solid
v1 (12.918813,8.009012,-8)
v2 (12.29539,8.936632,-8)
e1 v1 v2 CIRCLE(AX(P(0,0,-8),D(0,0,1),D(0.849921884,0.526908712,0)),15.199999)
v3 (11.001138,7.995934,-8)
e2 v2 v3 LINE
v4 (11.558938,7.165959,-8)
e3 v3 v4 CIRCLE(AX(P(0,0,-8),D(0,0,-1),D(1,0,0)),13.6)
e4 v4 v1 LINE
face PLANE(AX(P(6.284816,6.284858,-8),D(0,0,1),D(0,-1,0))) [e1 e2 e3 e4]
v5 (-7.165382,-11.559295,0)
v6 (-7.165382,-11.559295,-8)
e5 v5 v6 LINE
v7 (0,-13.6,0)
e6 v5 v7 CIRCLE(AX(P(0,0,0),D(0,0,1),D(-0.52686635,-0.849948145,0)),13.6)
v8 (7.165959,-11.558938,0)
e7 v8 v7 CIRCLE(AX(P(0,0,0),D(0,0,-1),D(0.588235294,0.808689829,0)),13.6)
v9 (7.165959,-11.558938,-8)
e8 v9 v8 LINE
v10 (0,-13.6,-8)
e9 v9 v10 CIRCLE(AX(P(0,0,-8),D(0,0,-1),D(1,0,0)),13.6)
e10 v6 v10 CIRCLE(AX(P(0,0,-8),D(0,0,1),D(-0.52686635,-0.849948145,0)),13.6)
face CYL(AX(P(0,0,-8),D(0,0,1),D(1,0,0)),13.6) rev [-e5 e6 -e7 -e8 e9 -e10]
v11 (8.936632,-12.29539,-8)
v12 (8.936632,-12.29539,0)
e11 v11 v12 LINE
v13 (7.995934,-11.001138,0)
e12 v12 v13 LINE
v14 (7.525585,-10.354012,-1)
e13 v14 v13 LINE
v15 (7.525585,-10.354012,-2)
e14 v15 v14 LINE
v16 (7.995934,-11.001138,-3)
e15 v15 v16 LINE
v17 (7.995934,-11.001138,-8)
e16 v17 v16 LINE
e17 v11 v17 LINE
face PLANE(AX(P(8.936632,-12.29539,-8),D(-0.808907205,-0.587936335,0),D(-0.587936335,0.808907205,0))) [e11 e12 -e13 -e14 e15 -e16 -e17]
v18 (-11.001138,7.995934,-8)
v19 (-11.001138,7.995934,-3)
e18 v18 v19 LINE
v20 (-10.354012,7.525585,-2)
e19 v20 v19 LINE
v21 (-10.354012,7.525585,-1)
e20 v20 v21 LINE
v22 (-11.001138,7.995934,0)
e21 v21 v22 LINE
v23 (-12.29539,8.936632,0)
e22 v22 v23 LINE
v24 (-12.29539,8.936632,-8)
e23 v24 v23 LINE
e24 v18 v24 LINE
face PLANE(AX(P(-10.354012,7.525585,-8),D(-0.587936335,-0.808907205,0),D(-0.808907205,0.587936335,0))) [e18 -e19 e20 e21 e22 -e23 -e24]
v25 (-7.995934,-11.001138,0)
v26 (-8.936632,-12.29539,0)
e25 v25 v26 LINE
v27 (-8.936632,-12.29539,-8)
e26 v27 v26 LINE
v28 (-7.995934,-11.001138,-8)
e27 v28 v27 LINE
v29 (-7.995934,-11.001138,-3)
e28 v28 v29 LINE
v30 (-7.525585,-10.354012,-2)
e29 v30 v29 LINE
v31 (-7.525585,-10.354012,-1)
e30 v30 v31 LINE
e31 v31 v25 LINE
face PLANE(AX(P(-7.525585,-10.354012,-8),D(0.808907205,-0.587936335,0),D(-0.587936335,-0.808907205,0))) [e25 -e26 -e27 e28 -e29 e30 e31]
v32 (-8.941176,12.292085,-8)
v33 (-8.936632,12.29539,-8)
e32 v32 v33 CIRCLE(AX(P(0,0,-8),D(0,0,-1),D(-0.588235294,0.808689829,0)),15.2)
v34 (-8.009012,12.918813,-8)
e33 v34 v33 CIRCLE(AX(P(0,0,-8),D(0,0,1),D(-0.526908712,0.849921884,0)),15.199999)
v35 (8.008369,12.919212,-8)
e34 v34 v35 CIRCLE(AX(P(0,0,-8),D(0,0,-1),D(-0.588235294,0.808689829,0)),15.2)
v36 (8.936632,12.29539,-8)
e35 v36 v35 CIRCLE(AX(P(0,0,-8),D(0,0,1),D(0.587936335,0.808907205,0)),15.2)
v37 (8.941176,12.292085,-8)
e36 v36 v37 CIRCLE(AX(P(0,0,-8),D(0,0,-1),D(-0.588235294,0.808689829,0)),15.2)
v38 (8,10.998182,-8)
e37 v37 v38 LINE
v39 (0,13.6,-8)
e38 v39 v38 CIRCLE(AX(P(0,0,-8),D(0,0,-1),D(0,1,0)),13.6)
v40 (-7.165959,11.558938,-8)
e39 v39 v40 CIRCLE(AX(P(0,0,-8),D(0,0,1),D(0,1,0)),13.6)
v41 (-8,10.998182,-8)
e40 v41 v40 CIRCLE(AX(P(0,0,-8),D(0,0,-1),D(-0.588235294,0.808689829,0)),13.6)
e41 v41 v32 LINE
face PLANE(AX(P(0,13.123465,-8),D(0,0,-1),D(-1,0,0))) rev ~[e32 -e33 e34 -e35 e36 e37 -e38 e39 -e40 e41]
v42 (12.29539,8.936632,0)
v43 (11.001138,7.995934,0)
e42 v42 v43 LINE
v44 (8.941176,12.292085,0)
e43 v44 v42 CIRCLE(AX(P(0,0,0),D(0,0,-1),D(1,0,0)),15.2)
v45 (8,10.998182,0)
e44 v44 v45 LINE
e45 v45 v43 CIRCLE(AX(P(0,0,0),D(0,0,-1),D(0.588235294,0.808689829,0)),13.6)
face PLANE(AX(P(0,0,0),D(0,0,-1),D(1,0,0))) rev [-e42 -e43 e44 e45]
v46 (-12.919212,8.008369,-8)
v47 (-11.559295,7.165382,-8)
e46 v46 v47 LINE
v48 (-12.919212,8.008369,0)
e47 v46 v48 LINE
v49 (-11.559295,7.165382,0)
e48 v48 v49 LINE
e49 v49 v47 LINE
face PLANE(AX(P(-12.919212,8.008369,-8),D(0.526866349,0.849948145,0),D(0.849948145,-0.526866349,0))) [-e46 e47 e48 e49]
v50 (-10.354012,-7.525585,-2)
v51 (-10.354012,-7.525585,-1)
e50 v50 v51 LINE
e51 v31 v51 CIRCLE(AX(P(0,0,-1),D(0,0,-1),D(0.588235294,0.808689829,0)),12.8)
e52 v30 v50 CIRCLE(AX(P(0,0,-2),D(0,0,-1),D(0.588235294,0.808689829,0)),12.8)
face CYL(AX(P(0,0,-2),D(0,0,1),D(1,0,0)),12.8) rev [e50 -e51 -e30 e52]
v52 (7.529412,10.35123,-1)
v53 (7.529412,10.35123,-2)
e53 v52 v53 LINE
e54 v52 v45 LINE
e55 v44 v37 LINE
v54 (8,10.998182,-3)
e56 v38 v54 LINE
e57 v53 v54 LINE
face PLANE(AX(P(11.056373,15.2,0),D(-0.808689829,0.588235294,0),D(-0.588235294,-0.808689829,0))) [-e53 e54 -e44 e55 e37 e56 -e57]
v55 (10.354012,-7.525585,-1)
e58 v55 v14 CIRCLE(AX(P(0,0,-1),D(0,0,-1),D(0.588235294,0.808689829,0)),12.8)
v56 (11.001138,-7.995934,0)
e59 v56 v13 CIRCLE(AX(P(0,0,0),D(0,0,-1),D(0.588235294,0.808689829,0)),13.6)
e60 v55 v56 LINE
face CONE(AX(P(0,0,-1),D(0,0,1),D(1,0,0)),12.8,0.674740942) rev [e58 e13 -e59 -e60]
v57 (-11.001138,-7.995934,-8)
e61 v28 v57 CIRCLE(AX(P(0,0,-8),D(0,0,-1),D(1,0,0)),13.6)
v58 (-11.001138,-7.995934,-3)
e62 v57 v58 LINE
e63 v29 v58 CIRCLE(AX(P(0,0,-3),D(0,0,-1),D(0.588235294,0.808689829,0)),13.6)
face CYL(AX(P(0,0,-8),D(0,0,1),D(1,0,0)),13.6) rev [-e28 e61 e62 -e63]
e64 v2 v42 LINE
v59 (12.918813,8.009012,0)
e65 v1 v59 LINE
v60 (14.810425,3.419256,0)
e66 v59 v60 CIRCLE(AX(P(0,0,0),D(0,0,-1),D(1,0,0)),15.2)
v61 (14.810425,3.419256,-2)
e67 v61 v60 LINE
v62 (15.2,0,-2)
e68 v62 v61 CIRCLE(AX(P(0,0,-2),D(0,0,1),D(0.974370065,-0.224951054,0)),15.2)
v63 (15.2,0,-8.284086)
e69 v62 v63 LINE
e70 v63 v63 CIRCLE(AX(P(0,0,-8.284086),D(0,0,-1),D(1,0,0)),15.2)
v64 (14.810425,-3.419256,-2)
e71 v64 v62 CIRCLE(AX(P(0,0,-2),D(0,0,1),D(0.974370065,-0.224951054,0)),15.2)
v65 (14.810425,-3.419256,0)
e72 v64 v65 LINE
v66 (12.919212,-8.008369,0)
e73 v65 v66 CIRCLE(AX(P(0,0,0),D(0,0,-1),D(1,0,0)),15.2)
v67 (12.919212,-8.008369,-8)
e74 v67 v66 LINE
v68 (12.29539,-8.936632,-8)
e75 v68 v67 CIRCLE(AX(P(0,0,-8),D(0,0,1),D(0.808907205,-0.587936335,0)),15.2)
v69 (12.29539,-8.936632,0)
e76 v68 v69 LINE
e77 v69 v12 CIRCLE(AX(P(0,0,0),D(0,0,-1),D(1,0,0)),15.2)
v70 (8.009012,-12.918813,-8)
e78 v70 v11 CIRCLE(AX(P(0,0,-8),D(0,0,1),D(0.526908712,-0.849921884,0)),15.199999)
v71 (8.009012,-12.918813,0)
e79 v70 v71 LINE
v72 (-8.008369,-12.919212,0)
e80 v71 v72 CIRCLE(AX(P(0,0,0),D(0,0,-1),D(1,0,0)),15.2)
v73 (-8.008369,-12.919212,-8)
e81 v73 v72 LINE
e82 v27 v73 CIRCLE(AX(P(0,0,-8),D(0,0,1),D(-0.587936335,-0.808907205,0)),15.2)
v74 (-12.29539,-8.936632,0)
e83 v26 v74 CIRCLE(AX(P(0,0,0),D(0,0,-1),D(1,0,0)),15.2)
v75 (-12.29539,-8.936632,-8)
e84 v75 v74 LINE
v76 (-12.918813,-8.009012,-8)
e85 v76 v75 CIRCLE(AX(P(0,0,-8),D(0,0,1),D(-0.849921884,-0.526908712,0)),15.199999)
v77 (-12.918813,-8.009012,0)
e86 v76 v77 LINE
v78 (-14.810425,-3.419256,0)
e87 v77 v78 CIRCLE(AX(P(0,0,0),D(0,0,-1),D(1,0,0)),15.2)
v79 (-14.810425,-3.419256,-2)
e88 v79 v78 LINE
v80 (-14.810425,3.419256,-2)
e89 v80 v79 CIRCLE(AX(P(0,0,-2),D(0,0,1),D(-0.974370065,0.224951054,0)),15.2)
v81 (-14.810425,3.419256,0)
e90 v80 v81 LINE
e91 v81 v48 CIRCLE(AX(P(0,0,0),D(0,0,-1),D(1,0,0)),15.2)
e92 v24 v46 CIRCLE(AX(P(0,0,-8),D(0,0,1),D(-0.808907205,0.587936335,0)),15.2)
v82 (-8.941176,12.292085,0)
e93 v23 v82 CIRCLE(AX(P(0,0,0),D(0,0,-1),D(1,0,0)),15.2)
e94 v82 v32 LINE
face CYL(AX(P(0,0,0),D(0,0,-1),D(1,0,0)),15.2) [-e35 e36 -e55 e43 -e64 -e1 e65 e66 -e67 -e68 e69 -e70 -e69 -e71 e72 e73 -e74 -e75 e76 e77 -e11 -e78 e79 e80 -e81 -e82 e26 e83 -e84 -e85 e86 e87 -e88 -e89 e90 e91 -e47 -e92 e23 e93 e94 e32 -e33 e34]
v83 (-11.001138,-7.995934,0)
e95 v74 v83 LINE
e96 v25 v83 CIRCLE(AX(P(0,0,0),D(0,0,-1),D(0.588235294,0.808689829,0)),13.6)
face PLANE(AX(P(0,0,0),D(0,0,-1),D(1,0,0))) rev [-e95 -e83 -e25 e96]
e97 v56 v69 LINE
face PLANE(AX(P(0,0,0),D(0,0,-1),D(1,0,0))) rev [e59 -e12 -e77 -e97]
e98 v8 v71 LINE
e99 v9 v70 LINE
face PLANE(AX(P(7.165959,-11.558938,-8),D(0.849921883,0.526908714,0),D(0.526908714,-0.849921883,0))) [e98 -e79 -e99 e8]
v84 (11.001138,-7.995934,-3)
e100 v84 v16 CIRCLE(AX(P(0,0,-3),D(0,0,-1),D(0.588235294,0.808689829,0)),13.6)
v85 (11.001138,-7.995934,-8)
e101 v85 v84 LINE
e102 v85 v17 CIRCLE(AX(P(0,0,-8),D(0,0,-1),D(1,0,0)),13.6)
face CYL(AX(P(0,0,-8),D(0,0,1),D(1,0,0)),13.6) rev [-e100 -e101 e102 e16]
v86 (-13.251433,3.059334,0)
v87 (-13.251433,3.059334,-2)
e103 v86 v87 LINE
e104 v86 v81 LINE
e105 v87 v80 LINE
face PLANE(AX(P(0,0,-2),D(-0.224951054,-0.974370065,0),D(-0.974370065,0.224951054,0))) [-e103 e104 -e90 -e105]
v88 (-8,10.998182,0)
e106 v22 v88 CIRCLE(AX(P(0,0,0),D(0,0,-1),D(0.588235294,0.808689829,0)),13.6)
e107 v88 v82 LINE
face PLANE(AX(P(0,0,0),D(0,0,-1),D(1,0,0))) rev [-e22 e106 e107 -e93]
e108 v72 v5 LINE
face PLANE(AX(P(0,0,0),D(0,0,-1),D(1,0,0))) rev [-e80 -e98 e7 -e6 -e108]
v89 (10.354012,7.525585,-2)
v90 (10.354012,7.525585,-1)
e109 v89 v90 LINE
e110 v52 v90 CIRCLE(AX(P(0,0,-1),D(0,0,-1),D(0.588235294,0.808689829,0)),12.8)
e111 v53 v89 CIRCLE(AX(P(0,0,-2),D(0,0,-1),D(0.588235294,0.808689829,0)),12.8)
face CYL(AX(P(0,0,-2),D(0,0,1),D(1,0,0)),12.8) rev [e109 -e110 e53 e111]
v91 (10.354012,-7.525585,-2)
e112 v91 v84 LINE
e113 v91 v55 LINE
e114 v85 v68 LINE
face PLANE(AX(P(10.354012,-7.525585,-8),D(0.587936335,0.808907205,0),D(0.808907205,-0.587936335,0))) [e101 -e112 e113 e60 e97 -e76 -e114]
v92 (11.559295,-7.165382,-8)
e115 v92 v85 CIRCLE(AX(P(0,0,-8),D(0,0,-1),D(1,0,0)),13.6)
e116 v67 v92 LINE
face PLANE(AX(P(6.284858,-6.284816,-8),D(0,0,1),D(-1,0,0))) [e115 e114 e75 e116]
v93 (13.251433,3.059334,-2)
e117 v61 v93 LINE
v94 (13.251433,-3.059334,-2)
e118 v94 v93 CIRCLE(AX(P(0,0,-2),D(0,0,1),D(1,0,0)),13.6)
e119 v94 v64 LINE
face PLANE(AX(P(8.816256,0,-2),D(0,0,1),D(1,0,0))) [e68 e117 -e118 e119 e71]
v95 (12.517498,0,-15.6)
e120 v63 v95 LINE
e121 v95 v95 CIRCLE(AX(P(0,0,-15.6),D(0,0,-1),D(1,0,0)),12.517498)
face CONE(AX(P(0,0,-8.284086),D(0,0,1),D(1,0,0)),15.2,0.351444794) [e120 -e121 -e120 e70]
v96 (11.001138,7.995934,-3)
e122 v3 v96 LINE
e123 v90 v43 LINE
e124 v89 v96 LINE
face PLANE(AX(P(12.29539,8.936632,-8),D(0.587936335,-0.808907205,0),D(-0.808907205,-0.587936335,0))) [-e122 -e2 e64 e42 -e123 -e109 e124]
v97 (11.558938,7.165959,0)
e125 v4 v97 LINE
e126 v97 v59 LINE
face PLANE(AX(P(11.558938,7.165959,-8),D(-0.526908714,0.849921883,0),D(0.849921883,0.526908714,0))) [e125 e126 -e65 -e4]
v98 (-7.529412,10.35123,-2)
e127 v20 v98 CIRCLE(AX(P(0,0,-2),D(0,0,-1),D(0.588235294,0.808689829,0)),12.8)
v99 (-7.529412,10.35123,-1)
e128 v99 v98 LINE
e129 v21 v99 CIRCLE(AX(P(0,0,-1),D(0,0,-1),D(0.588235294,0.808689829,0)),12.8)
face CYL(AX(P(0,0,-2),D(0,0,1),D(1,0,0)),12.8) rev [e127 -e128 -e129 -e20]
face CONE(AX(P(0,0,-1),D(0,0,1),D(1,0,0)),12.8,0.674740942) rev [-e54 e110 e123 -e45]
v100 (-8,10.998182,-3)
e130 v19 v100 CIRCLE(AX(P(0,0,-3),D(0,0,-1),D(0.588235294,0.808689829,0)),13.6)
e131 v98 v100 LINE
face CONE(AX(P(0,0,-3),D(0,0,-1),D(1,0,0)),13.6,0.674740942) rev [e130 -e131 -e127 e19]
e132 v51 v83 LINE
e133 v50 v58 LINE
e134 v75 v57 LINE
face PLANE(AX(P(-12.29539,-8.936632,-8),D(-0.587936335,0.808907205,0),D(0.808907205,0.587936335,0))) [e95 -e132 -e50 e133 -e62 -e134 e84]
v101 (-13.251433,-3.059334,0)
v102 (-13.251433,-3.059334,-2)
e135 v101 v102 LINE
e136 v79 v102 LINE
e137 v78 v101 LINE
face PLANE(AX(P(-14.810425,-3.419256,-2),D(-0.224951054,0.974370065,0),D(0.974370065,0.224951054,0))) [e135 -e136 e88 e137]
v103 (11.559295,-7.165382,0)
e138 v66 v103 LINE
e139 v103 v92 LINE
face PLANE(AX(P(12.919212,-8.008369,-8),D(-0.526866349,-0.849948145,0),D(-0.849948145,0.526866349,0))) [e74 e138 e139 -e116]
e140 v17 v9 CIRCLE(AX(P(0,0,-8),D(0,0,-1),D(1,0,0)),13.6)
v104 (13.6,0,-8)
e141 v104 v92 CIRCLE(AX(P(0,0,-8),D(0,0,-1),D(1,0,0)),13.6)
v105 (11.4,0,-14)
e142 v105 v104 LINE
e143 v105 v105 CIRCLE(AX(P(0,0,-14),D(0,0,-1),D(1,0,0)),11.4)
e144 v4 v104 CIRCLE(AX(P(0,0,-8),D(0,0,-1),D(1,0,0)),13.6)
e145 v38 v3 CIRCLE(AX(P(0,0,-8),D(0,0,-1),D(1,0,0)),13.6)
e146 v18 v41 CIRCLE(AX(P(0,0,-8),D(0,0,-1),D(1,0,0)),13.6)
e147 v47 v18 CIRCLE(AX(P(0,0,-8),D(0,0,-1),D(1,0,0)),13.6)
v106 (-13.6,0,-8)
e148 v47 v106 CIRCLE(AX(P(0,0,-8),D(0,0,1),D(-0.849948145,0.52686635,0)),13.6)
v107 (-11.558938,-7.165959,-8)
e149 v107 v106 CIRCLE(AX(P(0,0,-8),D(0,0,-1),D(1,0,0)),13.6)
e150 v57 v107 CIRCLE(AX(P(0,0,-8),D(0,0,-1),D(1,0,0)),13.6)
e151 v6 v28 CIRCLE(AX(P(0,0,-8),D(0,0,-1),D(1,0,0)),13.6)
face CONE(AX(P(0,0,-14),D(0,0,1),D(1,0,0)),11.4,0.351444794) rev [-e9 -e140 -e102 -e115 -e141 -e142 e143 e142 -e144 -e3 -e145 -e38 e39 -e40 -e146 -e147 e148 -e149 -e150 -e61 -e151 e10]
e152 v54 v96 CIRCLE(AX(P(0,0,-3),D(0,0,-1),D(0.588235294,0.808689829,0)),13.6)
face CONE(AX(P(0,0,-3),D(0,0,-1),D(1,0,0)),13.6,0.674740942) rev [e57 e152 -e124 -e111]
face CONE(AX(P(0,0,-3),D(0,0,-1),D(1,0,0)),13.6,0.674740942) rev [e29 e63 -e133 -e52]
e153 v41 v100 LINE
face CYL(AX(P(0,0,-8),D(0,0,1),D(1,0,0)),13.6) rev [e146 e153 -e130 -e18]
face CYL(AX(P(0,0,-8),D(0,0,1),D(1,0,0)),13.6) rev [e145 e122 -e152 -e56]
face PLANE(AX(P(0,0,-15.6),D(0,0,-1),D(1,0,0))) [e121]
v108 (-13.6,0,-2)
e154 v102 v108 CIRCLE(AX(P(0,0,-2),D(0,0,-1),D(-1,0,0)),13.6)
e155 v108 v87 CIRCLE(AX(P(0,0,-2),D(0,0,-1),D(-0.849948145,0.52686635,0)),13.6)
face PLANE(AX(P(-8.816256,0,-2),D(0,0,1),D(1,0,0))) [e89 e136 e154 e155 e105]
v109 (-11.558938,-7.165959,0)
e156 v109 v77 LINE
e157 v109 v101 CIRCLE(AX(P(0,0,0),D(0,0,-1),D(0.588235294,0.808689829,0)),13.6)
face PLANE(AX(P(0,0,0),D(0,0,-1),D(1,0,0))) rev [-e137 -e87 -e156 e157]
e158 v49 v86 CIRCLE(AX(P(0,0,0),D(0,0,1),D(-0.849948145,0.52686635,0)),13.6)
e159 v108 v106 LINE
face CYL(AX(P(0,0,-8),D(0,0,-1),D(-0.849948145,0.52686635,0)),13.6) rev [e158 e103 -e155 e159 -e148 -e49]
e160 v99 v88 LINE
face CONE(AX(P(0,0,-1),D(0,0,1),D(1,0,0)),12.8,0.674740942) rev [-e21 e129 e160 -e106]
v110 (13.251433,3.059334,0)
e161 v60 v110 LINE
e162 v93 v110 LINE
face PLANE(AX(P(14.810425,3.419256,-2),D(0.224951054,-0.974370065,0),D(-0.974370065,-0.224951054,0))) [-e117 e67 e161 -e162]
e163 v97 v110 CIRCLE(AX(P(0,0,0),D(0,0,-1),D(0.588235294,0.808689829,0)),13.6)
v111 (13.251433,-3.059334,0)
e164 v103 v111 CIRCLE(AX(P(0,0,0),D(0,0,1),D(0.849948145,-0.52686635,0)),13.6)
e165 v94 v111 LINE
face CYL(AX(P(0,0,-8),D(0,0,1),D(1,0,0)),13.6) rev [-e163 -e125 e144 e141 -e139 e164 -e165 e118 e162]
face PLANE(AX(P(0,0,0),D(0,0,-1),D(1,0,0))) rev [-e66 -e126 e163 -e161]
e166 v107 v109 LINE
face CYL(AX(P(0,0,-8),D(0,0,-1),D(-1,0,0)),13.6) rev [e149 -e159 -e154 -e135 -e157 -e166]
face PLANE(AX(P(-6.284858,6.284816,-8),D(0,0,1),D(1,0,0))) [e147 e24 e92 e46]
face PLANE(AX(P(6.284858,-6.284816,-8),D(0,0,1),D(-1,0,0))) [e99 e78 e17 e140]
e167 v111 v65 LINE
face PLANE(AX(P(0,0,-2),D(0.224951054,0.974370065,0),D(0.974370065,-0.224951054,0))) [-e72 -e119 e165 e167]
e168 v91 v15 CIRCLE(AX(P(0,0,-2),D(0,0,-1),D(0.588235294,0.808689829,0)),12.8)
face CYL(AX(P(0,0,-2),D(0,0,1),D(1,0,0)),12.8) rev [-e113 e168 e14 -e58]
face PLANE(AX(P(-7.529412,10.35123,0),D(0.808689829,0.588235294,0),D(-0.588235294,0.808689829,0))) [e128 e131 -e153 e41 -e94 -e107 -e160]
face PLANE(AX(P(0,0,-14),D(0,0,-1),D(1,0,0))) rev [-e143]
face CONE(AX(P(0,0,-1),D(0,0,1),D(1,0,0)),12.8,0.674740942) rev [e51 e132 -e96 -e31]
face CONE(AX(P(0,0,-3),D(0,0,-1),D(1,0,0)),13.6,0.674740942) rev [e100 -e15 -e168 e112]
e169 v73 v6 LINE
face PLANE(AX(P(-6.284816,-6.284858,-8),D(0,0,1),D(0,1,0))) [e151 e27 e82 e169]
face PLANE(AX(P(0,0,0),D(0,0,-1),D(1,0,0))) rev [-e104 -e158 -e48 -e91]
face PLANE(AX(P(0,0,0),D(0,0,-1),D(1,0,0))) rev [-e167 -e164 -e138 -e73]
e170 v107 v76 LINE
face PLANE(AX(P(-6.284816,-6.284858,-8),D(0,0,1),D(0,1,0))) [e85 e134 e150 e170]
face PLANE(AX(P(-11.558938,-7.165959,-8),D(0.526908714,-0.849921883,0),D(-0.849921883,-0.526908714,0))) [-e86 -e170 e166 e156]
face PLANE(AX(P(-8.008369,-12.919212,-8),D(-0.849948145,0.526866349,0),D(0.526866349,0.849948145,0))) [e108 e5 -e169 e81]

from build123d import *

# Parameters (mm, degrees)
CUT_EXTRUDE1_DEPTH = 8
CUT_EXTRUDE2_START = -8
CUT_EXTRUDE2_DEPTH = 8
CIRPATTERN1_COUNT  = 4
CUT_EXTRUDE3_START = -2
CUT_EXTRUDE3_DEPTH = 2


with BuildPart() as part:
    # Sketch1 → Revolve1 (revolve)
    with BuildSketch(Plane(origin=(0, 0, 0), x_dir=(0, 0, -1), z_dir=(1, 0, 0)), mode=Mode.PRIVATE) as revolve1_sk:
        Polygon((0, 15.2), (8.284085908, 15.2), (15.6, 12.517498166), (15.6, 0), (14, 0), (14, 11.4), (8, 13.6), (3, 13.6), (2, 12.8), (1, 12.8), (0, 13.6), align=None)
    revolve(revolve1_sk.sketch.rotate(Axis((0, 0, -14), (0, 0, -1)), 90), axis=Axis((0, 0, -14), (0, 0, -1)))

    # Sketch2 → Cut-Extrude1 (cut)
    with BuildSketch(Plane.XY):
        Polygon((-11.056373105, 15.2), (11.056373105, 15.2), (7.529411765, 10.351229805), (-7.529411765, 10.351229805), align=None)
    extrude(amount=-CUT_EXTRUDE1_DEPTH, mode=Mode.SUBTRACT)

    # Sketch3 → Cut-Extrude2 (cut)
    with BuildSketch(Plane.XY.offset(CUT_EXTRUDE2_START)):
        with BuildLine():
            Line((-8.936632298, 12.295389509), (-7.525585093, 10.354012218))
            Line((-7.525585093, 10.354012218), (-10.354012218, 7.525585093))
            Line((-10.354012218, 7.525585093), (-12.295389509, 8.936632298))
            ThreePointArc((-12.295389509, 8.936632298), (-12.615841165, 8.478239894), (-12.919211808, 8.008368514))
            Line((-12.919211808, 8.008368514), (-11.559294775, 7.165382355))
            ThreePointArc((-11.559294775, 7.165382355), (-13.079877846, 3.725157114), (-13.6, 0))
            Line((-13.6, 0), (0, 0))
            Line((0, 0), (0, 13.6))
            ThreePointArc((0, 13.6), (-3.725483093, 13.079785003), (-7.165958512, 11.558937607))
            Line((-7.165958512, 11.558937607), (-8.009012455, 12.918812619))
            ThreePointArc((-8.009012455, 12.918812619), (-8.478554306, 12.615629865), (-8.936632298, 12.295389509))
        make_face()
    cut_extrude2 = extrude(amount=CUT_EXTRUDE2_DEPTH, mode=Mode.SUBTRACT)

    # CirPattern1: Cut-Extrude2 ×4 about axis
    cirpattern1_axis = Axis((0, 0, 0), (0, 0, 1))
    for i in range(1, CIRPATTERN1_COUNT):
        add(cut_extrude2.rotate(cirpattern1_axis, i * 360 / CIRPATTERN1_COUNT), mode=Mode.SUBTRACT)

    # Sketch4 → Cut-Extrude3 (cut)
    with BuildSketch(Plane.XY.offset(CUT_EXTRUDE3_START)):
        with BuildLine():
            Line((-14.810424985, -3.419256026), (0, 0))
            Line((0, 0), (-14.810424985, 3.419256026))
            ThreePointArc((-14.810424985, 3.419256026), (-15.2, 0), (-14.810424985, -3.419256026))
        make_face()
        with BuildLine():
            Line((14.810424985, 3.419256026), (0, 0))
            Line((0, 0), (14.810424985, -3.419256026))
            ThreePointArc((14.810424985, -3.419256026), (15.2, 0), (14.810424985, 3.419256026))
        make_face()
    extrude(amount=CUT_EXTRUDE3_DEPTH, mode=Mode.SUBTRACT)


solid = part.part
